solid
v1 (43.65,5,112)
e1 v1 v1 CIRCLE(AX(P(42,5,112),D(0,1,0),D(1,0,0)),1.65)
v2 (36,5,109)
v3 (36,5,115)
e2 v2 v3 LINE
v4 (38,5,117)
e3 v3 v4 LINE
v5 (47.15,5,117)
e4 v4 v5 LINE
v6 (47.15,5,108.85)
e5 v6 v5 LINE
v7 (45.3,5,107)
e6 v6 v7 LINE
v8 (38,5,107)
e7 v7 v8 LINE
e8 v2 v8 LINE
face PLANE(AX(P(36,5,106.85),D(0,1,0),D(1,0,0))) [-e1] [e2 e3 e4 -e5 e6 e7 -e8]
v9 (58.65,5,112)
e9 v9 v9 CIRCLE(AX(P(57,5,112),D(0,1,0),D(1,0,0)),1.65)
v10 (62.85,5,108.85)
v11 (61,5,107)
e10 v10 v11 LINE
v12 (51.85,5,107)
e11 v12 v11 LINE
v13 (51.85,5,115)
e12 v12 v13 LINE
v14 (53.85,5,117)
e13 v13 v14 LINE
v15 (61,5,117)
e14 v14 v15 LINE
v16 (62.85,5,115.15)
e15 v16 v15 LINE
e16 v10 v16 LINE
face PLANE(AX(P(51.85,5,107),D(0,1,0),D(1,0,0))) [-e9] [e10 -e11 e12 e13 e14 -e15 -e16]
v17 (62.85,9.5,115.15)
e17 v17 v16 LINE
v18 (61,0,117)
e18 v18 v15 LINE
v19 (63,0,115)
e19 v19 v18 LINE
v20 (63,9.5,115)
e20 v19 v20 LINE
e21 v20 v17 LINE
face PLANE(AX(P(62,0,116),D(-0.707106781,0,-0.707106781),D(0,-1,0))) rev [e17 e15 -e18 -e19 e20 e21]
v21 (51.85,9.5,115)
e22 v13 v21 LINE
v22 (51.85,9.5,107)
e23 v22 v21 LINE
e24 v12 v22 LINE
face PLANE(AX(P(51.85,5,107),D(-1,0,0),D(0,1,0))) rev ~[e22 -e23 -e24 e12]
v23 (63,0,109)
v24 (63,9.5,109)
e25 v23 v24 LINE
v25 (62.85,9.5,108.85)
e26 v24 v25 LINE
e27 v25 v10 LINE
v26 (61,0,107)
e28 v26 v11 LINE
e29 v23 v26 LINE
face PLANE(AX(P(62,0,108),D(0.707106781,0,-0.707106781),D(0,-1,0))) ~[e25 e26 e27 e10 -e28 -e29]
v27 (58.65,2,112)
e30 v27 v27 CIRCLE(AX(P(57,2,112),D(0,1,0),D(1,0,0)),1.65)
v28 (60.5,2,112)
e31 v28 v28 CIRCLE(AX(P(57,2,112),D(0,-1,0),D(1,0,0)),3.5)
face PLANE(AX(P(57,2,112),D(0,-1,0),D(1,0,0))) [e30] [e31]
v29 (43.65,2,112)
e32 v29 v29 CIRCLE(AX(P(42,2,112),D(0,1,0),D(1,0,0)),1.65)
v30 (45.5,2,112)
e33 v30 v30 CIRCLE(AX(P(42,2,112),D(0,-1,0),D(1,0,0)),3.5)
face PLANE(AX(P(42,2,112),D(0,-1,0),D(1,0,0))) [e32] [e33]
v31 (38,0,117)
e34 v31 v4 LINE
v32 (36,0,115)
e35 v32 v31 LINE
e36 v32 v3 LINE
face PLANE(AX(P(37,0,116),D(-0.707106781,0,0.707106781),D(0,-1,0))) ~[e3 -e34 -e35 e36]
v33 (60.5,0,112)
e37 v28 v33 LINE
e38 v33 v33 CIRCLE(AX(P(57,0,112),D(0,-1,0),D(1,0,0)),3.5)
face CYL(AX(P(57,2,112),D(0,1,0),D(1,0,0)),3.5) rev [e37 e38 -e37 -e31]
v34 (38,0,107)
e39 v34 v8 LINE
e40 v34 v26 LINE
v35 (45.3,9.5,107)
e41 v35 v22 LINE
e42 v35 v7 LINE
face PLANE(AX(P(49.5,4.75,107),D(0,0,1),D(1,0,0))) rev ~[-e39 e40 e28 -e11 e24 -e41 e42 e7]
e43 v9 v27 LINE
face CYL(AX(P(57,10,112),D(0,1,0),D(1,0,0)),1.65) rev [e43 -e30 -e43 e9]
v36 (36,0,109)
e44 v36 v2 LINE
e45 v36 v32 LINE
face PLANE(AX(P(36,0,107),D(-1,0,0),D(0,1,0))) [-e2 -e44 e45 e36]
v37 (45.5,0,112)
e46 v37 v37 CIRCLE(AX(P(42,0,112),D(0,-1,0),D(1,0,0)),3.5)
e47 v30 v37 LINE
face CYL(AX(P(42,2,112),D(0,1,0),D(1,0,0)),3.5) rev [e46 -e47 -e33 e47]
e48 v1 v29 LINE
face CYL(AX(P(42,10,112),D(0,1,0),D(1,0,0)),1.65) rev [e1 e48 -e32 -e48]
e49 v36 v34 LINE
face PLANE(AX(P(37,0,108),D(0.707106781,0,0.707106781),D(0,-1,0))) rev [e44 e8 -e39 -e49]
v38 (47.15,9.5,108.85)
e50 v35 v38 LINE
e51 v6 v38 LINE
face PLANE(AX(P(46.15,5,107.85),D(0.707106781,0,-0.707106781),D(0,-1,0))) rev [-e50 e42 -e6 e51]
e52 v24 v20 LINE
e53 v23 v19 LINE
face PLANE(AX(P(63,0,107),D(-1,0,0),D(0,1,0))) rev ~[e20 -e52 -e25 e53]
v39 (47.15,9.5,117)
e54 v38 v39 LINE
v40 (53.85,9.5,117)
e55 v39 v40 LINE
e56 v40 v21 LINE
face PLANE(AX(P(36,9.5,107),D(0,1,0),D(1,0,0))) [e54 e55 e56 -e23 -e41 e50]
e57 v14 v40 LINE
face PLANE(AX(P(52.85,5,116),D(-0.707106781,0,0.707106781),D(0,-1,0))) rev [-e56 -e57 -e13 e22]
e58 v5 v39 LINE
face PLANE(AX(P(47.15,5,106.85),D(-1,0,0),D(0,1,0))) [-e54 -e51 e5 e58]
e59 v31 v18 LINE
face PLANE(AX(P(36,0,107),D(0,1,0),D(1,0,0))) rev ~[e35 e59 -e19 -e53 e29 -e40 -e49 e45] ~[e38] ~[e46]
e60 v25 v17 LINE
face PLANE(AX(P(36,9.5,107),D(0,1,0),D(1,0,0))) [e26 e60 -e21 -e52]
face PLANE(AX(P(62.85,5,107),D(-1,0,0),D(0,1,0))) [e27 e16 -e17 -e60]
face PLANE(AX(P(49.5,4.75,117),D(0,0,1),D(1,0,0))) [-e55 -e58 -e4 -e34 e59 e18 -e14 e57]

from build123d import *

# Parameters (mm, degrees)
CYLINDER030_R            = 1.65
CYLINDER030_DEPTH        = 13
CYLINDER029_R            = 1.65
CYLINDER029_DEPTH        = 13
CYLINDER032_R            = 3.5
CYLINDER032_DEPTH        = 2
CYLINDER031_R            = 3.5
CYLINDER031_DEPTH        = 2
BOX052_W                 = 11
BOX052_H                 = 5
BOX052_DEPTH             = 10
CHAMFER003001005038_SIZE = 2
BOX051_W                 = 11.15
BOX051_H                 = 5
BOX051_DEPTH             = 10.15
CHAMFER003001005037_SIZE = 2
BOX050_W                 = 27
BOX050_H                 = 9.5
BOX050_DEPTH             = 10
CHAMFER003001005036_SIZE = 2


with BuildPart() as cylinder030:
    # Cylinder030 → Cylinder030 (new body)
    with BuildSketch(Plane(origin=(57, 10, 112), x_dir=(1, 0, 0), z_dir=(0, -1, 0))):
        Circle(CYLINDER030_R)
    extrude(amount=CYLINDER030_DEPTH)


with BuildPart() as fusion003023010:
    # Cylinder029 → Cylinder029 (new body)
    with BuildSketch(Plane(origin=(42, 10, 112), x_dir=(1, 0, 0), z_dir=(0, -1, 0))):
        Circle(CYLINDER029_R)
    extrude(amount=CYLINDER029_DEPTH)

    # Fusion003023010: union Cylinder030
    add(cylinder030.part)


with BuildPart() as cylinder032:
    # Cylinder032 → Cylinder032 (new body)
    with BuildSketch(Plane(origin=(42, 10, 112), x_dir=(1, 0, 0), z_dir=(0, -1, 0))):
        Circle(CYLINDER032_R)
    extrude(amount=CYLINDER032_DEPTH)


with BuildPart() as fusion003023011:
    # Cylinder031 → Cylinder031 (new body)
    with BuildSketch(Plane(origin=(57, 10, 112), x_dir=(1, 0, 0), z_dir=(0, -1, 0))):
        Circle(CYLINDER031_R)
    extrude(amount=CYLINDER031_DEPTH)

    # Fusion003023009: union Cylinder032
    add(cylinder032.part)


with BuildPart() as fusion003023011_1:
    # Fusion003023009 placement: moved
    add(fusion003023011.part.moved(Location((0, -8, 0))))

    # Fusion003023011: union Fusion003023010
    add(fusion003023010.part)


with BuildPart() as chamfer003001005038:
    # Box052 → Box052 (new body)
    with BuildSketch(Plane(origin=(51.85, 5, 107), x_dir=(1, 0, 0), z_dir=(0, 0, 1))):
        with Locations((5.5, 2.5)):
            Rectangle(BOX052_W, BOX052_H)
    extrude(amount=BOX052_DEPTH)

    # Chamfer003001005038
    chamfer003001005038_edges = [chamfer003001005038.edges().sort_by_distance(p)[0] for p in [
        (51.85, 7.5, 117),
    ]]
    chamfer(chamfer003001005038_edges, length=CHAMFER003001005038_SIZE)


with BuildPart() as fusion003023008:
    # Box051 → Box051 (new body)
    with BuildSketch(Plane(origin=(36, 5, 106.85), x_dir=(1, 0, 0), z_dir=(0, 0, 1))):
        with Locations((5.575, 2.5)):
            Rectangle(BOX051_W, BOX051_H)
    extrude(amount=BOX051_DEPTH)

    # Chamfer003001005037
    chamfer003001005037_edges = [fusion003023008.edges().sort_by_distance(p)[0] for p in [
        (47.15, 7.5, 106.85),
    ]]
    chamfer(chamfer003001005037_edges, length=CHAMFER003001005037_SIZE)

    # Fusion003023008: union Chamfer003001005038
    add(chamfer003001005038.part)


with BuildPart() as mount_connector_top:
    # Box050 → Box050 (new body)
    with BuildSketch(Plane(origin=(36, 0, 107), x_dir=(1, 0, 0), z_dir=(0, 0, 1))):
        with Locations((13.5, 4.75)):
            Rectangle(BOX050_W, BOX050_H)
    extrude(amount=BOX050_DEPTH)

    # Chamfer003001005036
    chamfer003001005036_edges = [mount_connector_top.edges().sort_by_distance(p)[0] for p in [
        (36, 4.75, 117),
        (36, 4.75, 107),
        (63, 4.75, 117),
        (63, 4.75, 107),
    ]]
    chamfer(chamfer003001005036_edges, length=CHAMFER003001005036_SIZE)

    # Cut003023001024002: cut Fusion003023008
    add(fusion003023008.part, mode=Mode.SUBTRACT)

    # Cut003023001024003: cut Fusion003023011
    add(fusion003023011_1.part, mode=Mode.SUBTRACT)


solid = mount_connector_top.part
